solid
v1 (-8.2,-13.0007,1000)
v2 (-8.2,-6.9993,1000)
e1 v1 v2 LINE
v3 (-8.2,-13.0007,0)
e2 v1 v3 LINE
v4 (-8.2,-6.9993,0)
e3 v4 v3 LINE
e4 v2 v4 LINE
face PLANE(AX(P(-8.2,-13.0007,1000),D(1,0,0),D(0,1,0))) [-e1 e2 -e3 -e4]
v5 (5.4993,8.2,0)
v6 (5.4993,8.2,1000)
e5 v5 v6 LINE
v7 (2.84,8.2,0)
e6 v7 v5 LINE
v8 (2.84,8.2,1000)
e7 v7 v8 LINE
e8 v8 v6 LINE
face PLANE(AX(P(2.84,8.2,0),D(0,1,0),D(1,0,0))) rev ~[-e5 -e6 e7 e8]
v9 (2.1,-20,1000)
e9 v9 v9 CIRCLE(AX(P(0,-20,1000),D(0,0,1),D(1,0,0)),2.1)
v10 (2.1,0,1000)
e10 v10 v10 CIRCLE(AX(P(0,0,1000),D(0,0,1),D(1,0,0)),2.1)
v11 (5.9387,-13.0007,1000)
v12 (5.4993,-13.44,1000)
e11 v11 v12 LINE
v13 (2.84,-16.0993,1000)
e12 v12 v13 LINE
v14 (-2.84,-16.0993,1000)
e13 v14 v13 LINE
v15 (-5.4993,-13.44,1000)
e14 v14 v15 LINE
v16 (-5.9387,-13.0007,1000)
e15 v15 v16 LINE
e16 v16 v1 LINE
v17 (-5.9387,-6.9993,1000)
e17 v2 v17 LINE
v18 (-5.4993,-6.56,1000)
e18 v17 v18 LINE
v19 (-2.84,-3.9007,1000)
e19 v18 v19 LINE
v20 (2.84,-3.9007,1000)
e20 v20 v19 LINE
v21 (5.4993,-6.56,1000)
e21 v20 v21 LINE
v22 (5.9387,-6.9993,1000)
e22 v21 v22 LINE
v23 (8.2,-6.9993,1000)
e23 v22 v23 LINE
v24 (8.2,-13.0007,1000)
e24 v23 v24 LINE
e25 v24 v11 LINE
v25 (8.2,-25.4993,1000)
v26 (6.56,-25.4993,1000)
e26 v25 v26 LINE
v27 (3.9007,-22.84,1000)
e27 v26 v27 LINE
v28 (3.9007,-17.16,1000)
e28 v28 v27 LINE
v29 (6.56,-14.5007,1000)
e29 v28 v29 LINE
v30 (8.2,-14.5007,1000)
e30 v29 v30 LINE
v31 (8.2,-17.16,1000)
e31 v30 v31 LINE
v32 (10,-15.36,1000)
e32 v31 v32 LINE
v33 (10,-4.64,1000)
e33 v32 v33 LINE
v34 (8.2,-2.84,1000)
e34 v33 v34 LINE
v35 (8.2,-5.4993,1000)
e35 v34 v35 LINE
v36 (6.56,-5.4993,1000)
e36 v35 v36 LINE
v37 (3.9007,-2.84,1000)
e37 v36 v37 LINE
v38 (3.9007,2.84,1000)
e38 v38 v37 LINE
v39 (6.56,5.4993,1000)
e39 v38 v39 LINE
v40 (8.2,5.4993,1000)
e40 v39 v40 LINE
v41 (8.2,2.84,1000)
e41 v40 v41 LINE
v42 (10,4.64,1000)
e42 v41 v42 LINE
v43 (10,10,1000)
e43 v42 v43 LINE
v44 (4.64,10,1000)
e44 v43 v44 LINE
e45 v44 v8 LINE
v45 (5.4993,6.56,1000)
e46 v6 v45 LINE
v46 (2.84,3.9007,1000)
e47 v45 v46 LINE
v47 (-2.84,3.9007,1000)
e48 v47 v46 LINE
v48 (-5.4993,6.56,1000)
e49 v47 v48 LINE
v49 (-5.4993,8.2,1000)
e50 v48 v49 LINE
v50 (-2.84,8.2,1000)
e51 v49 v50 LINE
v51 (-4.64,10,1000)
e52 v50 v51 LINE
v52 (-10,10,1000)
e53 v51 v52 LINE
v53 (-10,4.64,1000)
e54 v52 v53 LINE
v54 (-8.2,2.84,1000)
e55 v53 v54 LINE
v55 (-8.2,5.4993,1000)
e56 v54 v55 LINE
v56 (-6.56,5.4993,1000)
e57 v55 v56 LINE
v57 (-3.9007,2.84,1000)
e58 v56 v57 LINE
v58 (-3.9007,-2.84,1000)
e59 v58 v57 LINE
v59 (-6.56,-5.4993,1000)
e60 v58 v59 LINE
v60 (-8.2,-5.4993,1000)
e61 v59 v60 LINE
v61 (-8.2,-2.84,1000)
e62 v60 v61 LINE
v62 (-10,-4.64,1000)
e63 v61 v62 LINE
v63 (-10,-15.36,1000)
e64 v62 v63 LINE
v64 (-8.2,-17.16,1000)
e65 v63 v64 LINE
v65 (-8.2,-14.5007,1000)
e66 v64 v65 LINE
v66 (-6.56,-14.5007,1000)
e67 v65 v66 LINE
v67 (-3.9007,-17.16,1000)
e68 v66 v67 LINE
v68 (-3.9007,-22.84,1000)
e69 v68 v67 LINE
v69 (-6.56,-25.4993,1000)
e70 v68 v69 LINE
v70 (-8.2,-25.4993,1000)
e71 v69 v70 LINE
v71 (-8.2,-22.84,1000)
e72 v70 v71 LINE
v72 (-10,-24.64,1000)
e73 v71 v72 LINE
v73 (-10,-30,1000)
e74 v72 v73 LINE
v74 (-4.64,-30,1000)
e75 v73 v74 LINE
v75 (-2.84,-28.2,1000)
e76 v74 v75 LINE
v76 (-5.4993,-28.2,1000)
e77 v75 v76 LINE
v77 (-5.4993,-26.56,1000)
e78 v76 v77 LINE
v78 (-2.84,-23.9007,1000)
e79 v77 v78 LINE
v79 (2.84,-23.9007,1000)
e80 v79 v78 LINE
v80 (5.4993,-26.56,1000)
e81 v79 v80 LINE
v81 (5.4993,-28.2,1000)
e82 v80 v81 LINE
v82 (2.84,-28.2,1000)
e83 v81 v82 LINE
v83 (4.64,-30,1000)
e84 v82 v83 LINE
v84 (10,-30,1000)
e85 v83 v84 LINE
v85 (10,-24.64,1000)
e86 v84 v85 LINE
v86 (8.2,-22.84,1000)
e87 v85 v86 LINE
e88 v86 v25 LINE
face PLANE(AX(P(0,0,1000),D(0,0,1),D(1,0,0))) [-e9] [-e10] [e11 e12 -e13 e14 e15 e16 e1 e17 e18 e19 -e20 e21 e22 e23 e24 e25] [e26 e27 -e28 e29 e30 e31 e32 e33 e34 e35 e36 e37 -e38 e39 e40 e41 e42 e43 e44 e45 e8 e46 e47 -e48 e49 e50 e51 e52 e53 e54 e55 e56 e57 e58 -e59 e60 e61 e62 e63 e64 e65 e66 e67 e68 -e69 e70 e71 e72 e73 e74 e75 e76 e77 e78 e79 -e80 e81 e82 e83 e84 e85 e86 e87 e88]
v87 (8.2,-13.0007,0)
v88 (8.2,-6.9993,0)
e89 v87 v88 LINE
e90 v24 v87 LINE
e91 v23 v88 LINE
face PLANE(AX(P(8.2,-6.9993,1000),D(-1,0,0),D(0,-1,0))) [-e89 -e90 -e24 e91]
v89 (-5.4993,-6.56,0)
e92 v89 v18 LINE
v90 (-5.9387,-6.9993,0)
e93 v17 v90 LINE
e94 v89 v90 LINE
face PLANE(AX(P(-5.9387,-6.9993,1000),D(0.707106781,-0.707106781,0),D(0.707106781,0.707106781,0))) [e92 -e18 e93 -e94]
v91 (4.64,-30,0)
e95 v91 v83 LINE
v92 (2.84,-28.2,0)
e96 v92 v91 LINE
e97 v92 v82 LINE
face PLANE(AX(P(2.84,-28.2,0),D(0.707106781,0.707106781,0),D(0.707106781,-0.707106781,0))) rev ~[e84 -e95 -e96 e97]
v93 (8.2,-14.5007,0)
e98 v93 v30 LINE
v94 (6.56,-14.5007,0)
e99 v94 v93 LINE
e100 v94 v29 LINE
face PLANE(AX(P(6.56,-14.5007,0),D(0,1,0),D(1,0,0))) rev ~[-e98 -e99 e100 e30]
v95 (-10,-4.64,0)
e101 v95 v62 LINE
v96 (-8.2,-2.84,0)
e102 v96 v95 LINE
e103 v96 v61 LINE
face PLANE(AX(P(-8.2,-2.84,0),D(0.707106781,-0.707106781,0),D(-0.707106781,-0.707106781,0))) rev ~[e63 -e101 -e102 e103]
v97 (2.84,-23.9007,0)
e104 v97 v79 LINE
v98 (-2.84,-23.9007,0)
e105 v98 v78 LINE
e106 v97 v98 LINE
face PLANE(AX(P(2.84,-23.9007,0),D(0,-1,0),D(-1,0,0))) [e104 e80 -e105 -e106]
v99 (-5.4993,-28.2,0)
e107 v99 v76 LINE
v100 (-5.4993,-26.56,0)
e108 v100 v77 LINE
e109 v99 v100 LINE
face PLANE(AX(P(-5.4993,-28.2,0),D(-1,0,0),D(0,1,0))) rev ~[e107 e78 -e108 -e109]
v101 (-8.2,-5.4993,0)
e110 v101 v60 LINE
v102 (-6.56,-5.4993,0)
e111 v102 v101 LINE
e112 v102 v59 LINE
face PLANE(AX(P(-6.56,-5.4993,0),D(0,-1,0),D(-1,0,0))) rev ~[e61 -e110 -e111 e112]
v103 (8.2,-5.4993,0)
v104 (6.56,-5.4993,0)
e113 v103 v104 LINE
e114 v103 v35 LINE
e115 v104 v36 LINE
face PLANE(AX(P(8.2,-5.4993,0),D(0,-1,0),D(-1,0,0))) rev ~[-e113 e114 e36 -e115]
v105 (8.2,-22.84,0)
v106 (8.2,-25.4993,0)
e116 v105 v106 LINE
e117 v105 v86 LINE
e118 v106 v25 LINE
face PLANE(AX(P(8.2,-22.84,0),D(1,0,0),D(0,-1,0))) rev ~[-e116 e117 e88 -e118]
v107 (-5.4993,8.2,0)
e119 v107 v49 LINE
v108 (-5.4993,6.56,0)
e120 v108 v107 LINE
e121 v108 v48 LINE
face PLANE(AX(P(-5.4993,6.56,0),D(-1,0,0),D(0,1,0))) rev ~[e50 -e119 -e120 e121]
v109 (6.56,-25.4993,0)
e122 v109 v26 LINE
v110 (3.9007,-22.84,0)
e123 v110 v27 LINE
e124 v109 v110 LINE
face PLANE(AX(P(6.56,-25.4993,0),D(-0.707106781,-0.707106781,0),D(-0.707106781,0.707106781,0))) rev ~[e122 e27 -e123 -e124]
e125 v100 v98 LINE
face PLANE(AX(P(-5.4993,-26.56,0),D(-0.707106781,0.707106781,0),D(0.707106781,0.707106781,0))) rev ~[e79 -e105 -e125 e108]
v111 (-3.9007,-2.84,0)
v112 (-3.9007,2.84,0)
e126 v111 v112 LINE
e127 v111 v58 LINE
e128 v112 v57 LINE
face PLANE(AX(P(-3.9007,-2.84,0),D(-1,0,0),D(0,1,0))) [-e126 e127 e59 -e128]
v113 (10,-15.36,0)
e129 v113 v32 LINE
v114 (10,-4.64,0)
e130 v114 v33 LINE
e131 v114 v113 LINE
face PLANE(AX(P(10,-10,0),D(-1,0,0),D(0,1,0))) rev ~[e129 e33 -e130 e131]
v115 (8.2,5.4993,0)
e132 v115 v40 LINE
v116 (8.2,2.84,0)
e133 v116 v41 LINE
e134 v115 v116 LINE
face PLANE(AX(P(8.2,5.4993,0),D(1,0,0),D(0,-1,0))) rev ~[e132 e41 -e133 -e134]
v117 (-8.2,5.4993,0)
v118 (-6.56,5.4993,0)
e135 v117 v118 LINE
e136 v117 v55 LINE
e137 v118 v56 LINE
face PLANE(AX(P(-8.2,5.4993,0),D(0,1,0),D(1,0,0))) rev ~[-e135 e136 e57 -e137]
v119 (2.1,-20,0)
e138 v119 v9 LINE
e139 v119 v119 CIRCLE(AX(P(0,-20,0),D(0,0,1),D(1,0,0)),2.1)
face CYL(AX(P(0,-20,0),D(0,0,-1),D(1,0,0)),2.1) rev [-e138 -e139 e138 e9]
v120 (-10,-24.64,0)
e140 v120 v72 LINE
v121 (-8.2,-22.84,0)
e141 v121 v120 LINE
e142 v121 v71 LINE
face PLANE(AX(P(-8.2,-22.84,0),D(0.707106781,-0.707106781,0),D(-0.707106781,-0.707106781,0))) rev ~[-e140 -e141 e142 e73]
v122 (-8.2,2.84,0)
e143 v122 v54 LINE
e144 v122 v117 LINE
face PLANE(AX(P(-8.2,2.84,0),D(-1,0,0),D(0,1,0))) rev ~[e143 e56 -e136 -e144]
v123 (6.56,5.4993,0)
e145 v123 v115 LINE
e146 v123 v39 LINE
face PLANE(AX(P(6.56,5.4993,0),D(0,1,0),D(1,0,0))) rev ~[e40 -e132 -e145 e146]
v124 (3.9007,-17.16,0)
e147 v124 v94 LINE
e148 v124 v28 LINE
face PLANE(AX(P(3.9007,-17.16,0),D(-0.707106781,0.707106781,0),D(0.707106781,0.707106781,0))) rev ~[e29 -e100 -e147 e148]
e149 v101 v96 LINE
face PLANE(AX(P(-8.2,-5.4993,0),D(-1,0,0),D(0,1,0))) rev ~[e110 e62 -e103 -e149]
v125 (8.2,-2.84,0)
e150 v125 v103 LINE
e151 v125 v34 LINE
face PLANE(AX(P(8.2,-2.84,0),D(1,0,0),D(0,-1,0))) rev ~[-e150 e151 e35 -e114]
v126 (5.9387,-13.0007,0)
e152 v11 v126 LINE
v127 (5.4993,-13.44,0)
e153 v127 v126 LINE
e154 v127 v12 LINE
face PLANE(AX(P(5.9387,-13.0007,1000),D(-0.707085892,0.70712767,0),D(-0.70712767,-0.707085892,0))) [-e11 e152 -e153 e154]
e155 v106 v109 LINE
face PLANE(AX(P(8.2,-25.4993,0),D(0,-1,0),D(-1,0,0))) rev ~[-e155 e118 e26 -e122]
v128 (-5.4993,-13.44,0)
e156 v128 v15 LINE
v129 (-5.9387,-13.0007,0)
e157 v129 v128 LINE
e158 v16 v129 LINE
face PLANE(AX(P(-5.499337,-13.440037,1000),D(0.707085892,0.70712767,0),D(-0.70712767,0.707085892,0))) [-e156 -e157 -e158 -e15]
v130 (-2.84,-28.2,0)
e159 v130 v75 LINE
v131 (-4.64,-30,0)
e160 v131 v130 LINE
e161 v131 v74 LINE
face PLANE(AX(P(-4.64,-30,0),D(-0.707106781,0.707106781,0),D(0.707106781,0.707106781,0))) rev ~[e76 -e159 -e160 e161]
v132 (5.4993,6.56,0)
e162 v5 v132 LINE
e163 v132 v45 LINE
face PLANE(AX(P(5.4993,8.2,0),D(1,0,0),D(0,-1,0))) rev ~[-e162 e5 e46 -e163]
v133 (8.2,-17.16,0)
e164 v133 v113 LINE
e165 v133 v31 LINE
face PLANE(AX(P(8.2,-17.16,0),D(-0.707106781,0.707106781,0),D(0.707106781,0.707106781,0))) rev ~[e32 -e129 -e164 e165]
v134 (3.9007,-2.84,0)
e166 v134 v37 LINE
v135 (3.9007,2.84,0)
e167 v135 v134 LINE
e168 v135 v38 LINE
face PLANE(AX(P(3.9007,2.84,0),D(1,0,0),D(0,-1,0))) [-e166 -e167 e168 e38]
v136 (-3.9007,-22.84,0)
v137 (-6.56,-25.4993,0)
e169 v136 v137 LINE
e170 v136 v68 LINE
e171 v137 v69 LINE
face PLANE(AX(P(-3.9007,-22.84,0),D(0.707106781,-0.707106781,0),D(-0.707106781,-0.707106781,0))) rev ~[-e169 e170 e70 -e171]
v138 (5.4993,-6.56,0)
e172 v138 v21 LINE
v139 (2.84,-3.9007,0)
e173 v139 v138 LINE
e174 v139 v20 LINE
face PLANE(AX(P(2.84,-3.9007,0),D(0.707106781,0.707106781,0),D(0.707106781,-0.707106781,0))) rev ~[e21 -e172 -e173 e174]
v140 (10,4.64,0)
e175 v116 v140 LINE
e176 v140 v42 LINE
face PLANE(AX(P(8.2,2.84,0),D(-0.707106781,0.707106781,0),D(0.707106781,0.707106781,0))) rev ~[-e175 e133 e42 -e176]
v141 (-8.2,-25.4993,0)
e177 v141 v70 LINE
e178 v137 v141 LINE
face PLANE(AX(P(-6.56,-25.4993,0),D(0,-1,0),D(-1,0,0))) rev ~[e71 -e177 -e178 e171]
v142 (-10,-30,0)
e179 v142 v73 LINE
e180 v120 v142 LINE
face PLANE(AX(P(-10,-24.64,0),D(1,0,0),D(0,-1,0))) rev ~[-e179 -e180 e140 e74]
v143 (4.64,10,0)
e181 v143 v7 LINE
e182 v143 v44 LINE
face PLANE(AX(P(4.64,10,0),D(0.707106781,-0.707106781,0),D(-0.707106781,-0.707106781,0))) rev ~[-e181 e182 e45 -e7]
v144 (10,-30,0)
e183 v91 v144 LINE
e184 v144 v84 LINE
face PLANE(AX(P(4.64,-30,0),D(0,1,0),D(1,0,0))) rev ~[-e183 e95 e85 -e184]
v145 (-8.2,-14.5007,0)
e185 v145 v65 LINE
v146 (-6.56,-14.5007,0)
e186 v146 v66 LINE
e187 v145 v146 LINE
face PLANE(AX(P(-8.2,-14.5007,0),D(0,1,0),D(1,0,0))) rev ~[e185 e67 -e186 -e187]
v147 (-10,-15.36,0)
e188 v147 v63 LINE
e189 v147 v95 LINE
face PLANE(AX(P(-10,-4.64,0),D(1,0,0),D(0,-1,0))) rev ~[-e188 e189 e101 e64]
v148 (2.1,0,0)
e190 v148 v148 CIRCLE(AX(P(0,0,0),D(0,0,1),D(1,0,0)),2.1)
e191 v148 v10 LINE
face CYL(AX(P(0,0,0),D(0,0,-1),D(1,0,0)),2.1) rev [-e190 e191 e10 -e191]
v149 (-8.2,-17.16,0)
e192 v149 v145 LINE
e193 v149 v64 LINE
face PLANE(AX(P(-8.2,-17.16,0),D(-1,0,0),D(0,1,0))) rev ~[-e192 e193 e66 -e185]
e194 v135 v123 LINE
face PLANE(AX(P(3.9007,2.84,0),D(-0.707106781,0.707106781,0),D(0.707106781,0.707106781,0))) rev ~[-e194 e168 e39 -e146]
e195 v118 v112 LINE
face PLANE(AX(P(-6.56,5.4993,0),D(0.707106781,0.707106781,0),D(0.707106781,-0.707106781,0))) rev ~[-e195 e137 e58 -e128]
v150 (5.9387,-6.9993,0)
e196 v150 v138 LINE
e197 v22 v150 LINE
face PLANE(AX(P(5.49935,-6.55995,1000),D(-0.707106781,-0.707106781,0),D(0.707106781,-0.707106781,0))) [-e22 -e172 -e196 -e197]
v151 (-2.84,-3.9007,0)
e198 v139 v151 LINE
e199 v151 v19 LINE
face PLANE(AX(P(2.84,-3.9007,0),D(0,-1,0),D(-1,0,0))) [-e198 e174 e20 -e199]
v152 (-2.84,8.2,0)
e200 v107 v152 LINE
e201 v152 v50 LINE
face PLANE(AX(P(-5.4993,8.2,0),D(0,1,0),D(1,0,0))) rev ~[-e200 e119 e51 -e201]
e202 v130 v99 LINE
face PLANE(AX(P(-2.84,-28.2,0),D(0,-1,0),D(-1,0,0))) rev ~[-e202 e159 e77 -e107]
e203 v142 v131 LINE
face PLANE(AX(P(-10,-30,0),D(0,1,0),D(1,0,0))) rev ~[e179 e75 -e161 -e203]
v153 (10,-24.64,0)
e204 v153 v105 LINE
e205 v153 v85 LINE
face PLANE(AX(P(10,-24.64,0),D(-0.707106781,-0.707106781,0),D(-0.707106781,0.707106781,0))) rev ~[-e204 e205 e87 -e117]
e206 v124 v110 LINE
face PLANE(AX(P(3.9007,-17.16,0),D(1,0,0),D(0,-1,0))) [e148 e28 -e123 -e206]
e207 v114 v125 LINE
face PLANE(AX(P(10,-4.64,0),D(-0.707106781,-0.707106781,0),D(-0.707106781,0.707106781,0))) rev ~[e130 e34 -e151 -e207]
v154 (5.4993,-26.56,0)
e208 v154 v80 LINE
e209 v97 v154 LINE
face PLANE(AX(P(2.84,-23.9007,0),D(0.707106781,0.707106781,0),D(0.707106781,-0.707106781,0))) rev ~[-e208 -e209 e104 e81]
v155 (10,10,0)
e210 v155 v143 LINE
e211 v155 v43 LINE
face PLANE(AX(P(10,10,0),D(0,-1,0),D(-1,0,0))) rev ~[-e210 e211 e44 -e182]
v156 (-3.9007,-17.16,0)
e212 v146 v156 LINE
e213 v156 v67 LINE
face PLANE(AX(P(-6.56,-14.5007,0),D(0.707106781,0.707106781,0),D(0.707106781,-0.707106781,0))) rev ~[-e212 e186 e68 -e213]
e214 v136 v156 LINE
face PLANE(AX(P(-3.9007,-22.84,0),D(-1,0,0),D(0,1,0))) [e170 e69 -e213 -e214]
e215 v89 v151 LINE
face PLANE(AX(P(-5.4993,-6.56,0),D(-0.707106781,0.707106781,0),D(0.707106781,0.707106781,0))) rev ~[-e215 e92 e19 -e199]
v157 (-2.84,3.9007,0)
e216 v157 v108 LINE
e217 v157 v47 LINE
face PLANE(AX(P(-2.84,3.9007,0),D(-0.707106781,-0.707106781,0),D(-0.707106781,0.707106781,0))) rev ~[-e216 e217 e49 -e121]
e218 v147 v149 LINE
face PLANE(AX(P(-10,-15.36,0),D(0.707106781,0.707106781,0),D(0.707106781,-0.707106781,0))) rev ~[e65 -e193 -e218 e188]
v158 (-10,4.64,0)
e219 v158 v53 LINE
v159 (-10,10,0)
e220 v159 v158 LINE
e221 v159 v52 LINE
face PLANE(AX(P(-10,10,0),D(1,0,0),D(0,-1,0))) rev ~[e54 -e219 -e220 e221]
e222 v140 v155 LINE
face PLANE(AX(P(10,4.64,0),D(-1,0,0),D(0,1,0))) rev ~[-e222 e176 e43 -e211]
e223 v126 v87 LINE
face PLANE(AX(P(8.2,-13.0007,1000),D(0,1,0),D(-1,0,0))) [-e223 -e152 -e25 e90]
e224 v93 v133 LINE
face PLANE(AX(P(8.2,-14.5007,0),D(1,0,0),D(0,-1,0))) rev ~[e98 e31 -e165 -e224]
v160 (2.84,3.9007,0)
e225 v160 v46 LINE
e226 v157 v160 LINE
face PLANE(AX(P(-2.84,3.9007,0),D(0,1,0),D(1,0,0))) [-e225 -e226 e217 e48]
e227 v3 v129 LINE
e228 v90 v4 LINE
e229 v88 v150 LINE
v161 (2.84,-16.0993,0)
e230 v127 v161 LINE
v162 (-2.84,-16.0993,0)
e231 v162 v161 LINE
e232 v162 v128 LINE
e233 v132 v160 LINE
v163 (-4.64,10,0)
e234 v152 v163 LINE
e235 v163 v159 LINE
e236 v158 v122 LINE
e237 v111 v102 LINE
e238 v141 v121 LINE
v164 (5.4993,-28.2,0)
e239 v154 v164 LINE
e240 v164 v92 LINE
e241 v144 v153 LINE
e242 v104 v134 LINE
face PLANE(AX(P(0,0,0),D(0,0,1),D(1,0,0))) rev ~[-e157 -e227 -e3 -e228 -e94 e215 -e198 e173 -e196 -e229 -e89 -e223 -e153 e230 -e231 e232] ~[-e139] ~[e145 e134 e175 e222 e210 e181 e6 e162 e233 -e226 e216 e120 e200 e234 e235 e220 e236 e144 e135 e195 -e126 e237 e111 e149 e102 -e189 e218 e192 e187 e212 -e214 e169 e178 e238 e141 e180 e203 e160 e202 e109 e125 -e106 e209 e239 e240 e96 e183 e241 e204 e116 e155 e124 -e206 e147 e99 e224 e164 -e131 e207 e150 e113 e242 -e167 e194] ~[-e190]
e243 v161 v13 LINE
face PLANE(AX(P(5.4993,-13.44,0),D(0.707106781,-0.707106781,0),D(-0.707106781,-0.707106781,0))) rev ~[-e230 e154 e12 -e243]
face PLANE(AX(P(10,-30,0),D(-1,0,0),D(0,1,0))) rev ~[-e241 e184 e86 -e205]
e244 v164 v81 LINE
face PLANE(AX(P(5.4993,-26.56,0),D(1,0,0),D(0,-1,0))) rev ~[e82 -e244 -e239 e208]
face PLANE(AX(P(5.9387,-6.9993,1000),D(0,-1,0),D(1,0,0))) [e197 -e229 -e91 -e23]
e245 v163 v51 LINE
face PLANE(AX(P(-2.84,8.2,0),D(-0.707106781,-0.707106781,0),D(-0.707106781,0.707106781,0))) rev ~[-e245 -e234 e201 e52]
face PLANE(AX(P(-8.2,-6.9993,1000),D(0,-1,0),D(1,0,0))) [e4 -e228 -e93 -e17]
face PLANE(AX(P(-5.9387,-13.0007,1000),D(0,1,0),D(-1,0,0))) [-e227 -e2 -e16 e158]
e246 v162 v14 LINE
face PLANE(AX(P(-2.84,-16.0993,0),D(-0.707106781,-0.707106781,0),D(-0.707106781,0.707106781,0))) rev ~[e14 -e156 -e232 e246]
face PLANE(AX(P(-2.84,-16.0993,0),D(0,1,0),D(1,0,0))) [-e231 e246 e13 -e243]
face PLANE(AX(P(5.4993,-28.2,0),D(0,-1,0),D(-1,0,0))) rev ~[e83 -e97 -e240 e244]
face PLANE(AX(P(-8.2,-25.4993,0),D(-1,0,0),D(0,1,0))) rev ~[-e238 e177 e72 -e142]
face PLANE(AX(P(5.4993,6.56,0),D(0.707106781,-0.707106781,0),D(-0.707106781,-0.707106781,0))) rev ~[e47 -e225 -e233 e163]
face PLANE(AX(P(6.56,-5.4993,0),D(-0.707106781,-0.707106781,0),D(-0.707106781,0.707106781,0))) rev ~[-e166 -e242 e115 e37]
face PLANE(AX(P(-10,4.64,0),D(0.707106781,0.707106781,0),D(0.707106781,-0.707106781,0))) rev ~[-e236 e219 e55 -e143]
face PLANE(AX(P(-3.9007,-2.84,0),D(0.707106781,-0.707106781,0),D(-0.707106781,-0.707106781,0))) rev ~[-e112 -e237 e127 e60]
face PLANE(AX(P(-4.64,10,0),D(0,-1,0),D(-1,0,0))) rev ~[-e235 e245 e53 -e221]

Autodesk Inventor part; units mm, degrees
ref_plane "YZ Plane" through (0, 0, 0) normal (1, 0, 0) x (0, 1, 0)
ref_plane "XY Plane" through (0, 0, 0) normal (0, 0, 1) x (1, 0, 0)
sketch "Sketch1" plane through (0, 0, 0) normal (0, 0, 1) x (1, 0, 0)
  line L0 (-3.9007, 3.9007) -> (3.9007, 3.9007)
  line L1 (3.9007, 3.9007) -> (3.9007, -3.9007)
  line L2 (3.9007, -3.9007) -> (-3.9007, -3.9007)
  line L3 (-3.9007, -3.9007) -> (-3.9007, 3.9007)
  line L4 (0, 3.9007) -> (0, -3.9007) construction
  line L5 (-3.9007, 0) -> (3.9007, 0) construction
  circle A0 centre (0, 0) radius 2.1
  line L6 (0, 0) -> (-16.1173, 16.1173) construction
  line L7 (0, 0) -> (22.7933, 0) construction
  line L8 (-2.84, 3.9007) -> (-5.4993, 6.56)
  line L9 (-5.4993, 6.56) -> (-5.4993, 8.2)
  line L10 (-5.4993, 8.2) -> (-2.84, 8.2)
  line L11 (-2.84, 8.2) -> (-4.64, 10)
  line L12 (-4.64, 10) -> (-10, 10)
  line L13 (-10, 10) -> (-10, 4.64)
  line L14 (-10, 4.64) -> (-8.2, 2.84)
  line L15 (-8.2, 2.84) -> (-8.2, 5.4993)
  line L16 (-8.2, 5.4993) -> (-6.56, 5.4993)
  line L17 (-6.56, 5.4993) -> (-3.9007, 2.84)
  line L18 (-3.9007, 2.84) -> (-11.3102, 2.84) construction
  line L19 (-2.84, 3.9007) -> (-3.9007, 3.9007)
  line L20 (-3.9007, 2.84) -> (-3.9007, 3.9007)
  line L21 (-3.9007, -2.84) -> (-6.56, -5.4993)
  line L22 (-6.56, -5.4993) -> (-8.2, -5.4993)
  line L23 (-8.2, -5.4993) -> (-8.2, -2.84)
  line L24 (-8.2, -2.84) -> (-10, -4.64)
  line L25 (-10, -4.64) -> (-10, -10)
  line L26 (-10, -10) -> (-4.64, -10)
  line L27 (-4.64, -10) -> (-2.84, -8.2)
  line L28 (-2.84, -8.2) -> (-5.4993, -8.2)
  line L29 (-5.4993, -8.2) -> (-5.4993, -6.56)
  line L30 (-5.4993, -6.56) -> (-2.84, -3.9007)
  line L31 (-3.9007, -2.84) -> (-3.9007, -3.9007)
  line L32 (-2.84, -3.9007) -> (-3.9007, -3.9007)
  line L33 (2.84, -3.9007) -> (5.4993, -6.56)
  line L34 (5.4993, -6.56) -> (5.4993, -8.2)
  line L35 (5.4993, -8.2) -> (2.84, -8.2)
  line L36 (2.84, -8.2) -> (4.64, -10)
  line L37 (4.64, -10) -> (10, -10)
  line L38 (10, -10) -> (10, -4.64)
  line L39 (10, -4.64) -> (8.2, -2.84)
  line L40 (8.2, -2.84) -> (8.2, -5.4993)
  line L41 (8.2, -5.4993) -> (6.56, -5.4993)
  line L42 (6.56, -5.4993) -> (3.9007, -2.84)
  line L43 (2.84, -3.9007) -> (3.9007, -3.9007)
  line L44 (3.9007, -2.84) -> (3.9007, -3.9007)
  line L45 (3.9007, 2.84) -> (6.56, 5.4993)
  line L46 (6.56, 5.4993) -> (8.2, 5.4993)
  line L47 (8.2, 5.4993) -> (8.2, 2.84)
  line L48 (8.2, 2.84) -> (10, 4.64)
  line L49 (10, 4.64) -> (10, 10)
  line L50 (10, 10) -> (4.64, 10)
  line L51 (4.64, 10) -> (2.84, 8.2)
  line L52 (2.84, 8.2) -> (5.4993, 8.2)
  line L53 (5.4993, 8.2) -> (5.4993, 6.56)
  line L54 (5.4993, 6.56) -> (2.84, 3.9007)
  line L55 (3.9007, 2.84) -> (3.9007, 3.9007)
  line L56 (2.84, 3.9007) -> (3.9007, 3.9007)
  dimension "d7" = 4.2
  dimension "d8" = 135
  dimension "d9" = 1.5
  dimension "d10" = 1.64
  dimension "d11" = 1.8
  dimension "d12" = 2.84
  dimension "d13" = 10
  dimension "d16" = 360
extrude "Extrusion1" add sketch "Sketch1" along normal blind 1000
pattern_linear "Rectangular Pattern1" count 2 spacing 20 along (0, -1, 0) of "Extrusion1"
sketch "Sketch2" plane through (0, 0, 1000) normal (0, 0, 1) x (1, 0, 0)
  line L0 (8.2, -2.84) -> (8.2, -5.4993) projected
  line L1 (8.2, -5.4993) -> (6.56, -5.4993) projected
  line L2 (-6.56, -5.4993) -> (-8.2, -5.4993) projected
  line L3 (-8.2, -5.4993) -> (-8.2, -2.84) projected
  line L4 (-8.2, -14.5007) -> (-6.56, -14.5007) projected
  line L5 (6.56, -14.5007) -> (8.2, -14.5007) projected
  line L6 (5.4993, -11.8) -> (5.4993, -13.44) projected
  line L7 (5.4993, -13.44) -> (2.84, -16.0993) projected
  line L8 (-2.84, -16.0993) -> (-5.4993, -13.44) projected
  line L9 (-5.4993, -8.2) -> (-5.4993, -6.56) projected
  line L10 (-5.4993, -6.56) -> (-2.84, -3.9007) projected
  line L11 (2.84, -3.9007) -> (5.4993, -6.56) projected
  line L12 (2.84, -8.2) -> (4.64, -10) projected
  line L13 (-8.2, -6.9993) -> (-5.9387, -6.9993)
  line L14 (-5.9387, -6.9993) -> (-4.1231, -5.1837)
  line L15 (-4.1231, -5.1837) -> (4.1231, -5.1837)
  line L16 (4.1231, -5.1837) -> (5.9387, -6.9993)
  line L17 (5.9387, -6.9993) -> (8.2, -6.9993)
  line L18 (8.2, -6.9993) -> (8.2, -13.0007)
  line L19 (8.2, -13.0007) -> (5.9387, -13.0007)
  line L20 (5.9387, -13.0007) -> (4.2461, -14.6932)
  line L21 (4.2461, -14.6932) -> (-4.2461, -14.6932)
  line L22 (-4.2461, -14.6932) -> (-5.9387, -13.0007)
  line L23 (-5.9387, -13.0007) -> (-8.2, -13.0007)
  line L24 (-8.2, -13.0007) -> (-8.2, -6.9993)
  dimension "d23" = 1.5
  dimension "d24" = 1.5
  dimension "d25" = 1.5
  dimension "d26" = 1.5
extrude "Extrusion2" cut sketch "Sketch2" against normal up to next
ref_plane "Work Plane1" through (0, -10, 0) normal (0, 1, 0) x (-1, 0, 0)
equation "\"d24\" = d23"
equation "\"d25\" = d23"
equation "\"d26\" = d23"
properties part number "20x40x1000mm" material "Aluminum 6061"
